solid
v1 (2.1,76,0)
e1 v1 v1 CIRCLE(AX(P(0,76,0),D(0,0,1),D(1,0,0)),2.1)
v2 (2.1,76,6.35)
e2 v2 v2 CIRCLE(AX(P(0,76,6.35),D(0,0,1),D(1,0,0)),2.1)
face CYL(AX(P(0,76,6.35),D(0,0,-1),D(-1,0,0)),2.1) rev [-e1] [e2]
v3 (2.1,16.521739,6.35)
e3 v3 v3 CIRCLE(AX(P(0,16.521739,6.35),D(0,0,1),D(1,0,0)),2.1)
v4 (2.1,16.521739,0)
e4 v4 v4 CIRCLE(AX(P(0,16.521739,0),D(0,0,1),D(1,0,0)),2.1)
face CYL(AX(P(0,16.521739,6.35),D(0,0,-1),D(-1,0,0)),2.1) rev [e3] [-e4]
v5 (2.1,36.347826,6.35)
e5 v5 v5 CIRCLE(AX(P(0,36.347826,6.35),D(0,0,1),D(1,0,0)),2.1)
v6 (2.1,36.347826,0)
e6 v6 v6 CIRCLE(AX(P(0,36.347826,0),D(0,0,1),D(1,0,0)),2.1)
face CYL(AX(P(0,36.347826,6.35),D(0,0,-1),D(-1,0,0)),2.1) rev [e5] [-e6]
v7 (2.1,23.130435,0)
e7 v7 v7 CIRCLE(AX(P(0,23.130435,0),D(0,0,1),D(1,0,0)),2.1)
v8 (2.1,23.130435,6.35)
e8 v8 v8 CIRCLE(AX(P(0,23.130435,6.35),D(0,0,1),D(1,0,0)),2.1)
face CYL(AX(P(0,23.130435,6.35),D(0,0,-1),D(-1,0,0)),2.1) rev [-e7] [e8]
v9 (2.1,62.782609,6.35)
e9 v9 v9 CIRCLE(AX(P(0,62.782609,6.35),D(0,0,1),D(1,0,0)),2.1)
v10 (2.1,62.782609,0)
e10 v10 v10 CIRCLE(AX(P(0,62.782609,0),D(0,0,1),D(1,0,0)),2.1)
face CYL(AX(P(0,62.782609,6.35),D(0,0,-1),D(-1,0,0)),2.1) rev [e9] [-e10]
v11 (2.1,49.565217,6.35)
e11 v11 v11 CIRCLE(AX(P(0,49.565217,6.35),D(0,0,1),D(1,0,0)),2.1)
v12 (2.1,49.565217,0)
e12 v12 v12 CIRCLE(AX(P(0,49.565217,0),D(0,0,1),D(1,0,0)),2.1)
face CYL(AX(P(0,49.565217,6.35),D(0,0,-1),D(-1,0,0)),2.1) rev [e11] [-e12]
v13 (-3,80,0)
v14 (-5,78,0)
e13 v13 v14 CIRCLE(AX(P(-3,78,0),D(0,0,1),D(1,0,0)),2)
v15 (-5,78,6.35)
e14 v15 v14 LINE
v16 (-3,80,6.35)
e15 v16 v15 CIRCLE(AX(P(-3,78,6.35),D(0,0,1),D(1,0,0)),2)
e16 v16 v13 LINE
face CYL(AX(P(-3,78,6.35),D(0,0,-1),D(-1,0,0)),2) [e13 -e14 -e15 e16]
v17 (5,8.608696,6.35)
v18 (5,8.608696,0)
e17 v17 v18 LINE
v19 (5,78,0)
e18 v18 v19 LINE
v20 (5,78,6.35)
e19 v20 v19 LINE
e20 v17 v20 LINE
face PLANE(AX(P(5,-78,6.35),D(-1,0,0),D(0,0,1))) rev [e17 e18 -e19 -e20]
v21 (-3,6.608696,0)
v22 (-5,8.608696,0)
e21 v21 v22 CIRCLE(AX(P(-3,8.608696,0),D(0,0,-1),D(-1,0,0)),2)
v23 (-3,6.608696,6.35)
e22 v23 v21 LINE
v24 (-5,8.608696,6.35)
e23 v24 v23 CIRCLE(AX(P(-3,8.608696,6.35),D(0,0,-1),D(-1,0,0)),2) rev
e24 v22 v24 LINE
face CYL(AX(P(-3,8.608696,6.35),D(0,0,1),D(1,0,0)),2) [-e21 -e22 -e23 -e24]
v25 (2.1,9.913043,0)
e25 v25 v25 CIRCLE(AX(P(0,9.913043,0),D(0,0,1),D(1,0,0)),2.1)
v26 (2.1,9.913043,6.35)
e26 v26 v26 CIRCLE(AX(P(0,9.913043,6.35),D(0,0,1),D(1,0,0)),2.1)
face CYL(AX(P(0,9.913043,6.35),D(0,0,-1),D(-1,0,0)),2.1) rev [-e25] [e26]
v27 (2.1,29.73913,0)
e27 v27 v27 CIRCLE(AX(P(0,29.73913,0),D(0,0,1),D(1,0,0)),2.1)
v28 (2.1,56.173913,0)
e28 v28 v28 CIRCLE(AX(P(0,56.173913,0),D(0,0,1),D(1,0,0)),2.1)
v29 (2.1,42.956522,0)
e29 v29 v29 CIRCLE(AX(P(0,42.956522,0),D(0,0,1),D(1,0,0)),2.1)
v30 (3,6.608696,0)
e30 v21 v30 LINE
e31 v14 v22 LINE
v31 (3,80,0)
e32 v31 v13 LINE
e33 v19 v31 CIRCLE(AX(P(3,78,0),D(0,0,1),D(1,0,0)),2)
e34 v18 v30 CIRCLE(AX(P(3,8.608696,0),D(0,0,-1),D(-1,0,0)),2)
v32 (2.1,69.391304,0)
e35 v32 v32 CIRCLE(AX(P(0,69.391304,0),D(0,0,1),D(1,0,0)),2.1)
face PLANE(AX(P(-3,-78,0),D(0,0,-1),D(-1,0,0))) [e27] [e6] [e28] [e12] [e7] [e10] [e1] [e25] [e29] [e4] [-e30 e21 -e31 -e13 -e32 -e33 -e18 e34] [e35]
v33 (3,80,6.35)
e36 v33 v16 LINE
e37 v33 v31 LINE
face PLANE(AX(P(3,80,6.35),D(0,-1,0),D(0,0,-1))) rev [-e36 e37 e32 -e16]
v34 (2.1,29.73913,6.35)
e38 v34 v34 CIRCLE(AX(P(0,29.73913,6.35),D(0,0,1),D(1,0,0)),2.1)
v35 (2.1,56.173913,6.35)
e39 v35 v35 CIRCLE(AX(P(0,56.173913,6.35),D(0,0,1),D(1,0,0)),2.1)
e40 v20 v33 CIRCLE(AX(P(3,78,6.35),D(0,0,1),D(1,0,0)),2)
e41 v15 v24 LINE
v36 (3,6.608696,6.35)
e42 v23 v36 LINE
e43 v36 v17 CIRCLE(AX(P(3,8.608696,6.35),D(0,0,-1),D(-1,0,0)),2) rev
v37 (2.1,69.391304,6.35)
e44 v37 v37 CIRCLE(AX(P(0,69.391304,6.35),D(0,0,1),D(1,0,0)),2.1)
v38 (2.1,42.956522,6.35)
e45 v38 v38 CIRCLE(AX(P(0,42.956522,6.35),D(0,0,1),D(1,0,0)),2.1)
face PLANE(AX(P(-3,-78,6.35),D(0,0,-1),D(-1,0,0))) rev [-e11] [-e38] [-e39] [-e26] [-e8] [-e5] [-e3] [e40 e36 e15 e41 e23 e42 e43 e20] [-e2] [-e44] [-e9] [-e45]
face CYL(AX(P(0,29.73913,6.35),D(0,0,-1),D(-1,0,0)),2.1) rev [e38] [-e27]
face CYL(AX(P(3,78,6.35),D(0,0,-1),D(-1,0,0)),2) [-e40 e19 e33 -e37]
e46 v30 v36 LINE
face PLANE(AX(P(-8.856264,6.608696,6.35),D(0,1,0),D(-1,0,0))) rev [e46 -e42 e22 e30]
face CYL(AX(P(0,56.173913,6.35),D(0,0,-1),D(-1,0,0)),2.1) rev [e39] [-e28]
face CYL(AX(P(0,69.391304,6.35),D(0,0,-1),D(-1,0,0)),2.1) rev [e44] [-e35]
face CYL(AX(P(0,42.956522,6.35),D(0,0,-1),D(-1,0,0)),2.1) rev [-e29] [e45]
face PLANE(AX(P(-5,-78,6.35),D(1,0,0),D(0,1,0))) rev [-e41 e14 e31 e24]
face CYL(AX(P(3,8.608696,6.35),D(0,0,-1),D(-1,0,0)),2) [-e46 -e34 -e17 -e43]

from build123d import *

# Parameters (mm, degrees)
SKETCH1_R           = 2.1
BOSS_EXTRUDE1_DEPTH = 6.35
SKETCH2_W           = 18.204542204
SKETCH2_H           = 91.842735445
CUT_EXTRUDE1_DEPTH  = 81.407229153
FILLET2_R           = 2


with BuildPart() as part:
    # Sketch1 → Boss-Extrude1 (new body)
    with BuildSketch(Plane.XY):
        with BuildLine():
            Line((3, -80), (-3, -80))
            ThreePointArc((-3, -80), (-4.414213562, -79.414213562), (-5, -78))
            Line((-5, -78), (-5, 78))
            ThreePointArc((-5, 78), (-4.414213562, 79.414213562), (-3, 80))
            Line((-3, 80), (3, 80))
            ThreePointArc((3, 80), (4.414213562, 79.414213562), (5, 78))
            Line((5, 78), (5, -78))
            ThreePointArc((5, -78), (4.414213562, -79.414213562), (3, -80))
        make_face()
        with Locations((0, 76)):
            Circle(SKETCH1_R, mode=Mode.SUBTRACT)
        with Locations((0, 69.391304348)):
            Circle(SKETCH1_R, mode=Mode.SUBTRACT)
        with Locations((0, 62.782608696)):
            Circle(SKETCH1_R, mode=Mode.SUBTRACT)
        with Locations((0, 56.173913043)):
            Circle(SKETCH1_R, mode=Mode.SUBTRACT)
        with Locations((0, 49.565217391)):
            Circle(SKETCH1_R, mode=Mode.SUBTRACT)
        with Locations((0, 42.956521739)):
            Circle(SKETCH1_R, mode=Mode.SUBTRACT)
        with Locations((0, 36.347826087)):
            Circle(SKETCH1_R, mode=Mode.SUBTRACT)
        with Locations((0, 29.739130435)):
            Circle(SKETCH1_R, mode=Mode.SUBTRACT)
        with Locations((0, 23.130434783)):
            Circle(SKETCH1_R, mode=Mode.SUBTRACT)
        with Locations((0, 16.52173913)):
            Circle(SKETCH1_R, mode=Mode.SUBTRACT)
        with Locations((0, 9.913043478)):
            Circle(SKETCH1_R, mode=Mode.SUBTRACT)
        with Locations((0, 3.304347826)):
            Circle(SKETCH1_R, mode=Mode.SUBTRACT)
        with Locations((0, -3.304347826)):
            Circle(SKETCH1_R, mode=Mode.SUBTRACT)
        with Locations((0, -9.913043478)):
            Circle(SKETCH1_R, mode=Mode.SUBTRACT)
        with Locations((0, -16.52173913)):
            Circle(SKETCH1_R, mode=Mode.SUBTRACT)
        with Locations((0, -23.130434783)):
            Circle(SKETCH1_R, mode=Mode.SUBTRACT)
        with Locations((0, -29.739130435)):
            Circle(SKETCH1_R, mode=Mode.SUBTRACT)
        with Locations((0, -36.347826087)):
            Circle(SKETCH1_R, mode=Mode.SUBTRACT)
        with Locations((0, -42.956521739)):
            Circle(SKETCH1_R, mode=Mode.SUBTRACT)
        with Locations((0, -49.565217391)):
            Circle(SKETCH1_R, mode=Mode.SUBTRACT)
        with Locations((0, -56.173913043)):
            Circle(SKETCH1_R, mode=Mode.SUBTRACT)
        with Locations((0, -62.782608696)):
            Circle(SKETCH1_R, mode=Mode.SUBTRACT)
        with Locations((0, -69.391304348)):
            Circle(SKETCH1_R, mode=Mode.SUBTRACT)
        with Locations((0, -76)):
            Circle(SKETCH1_R, mode=Mode.SUBTRACT)
    extrude(amount=BOSS_EXTRUDE1_DEPTH)

    # Sketch2 → Cut-Extrude1 (cut, through all)
    with BuildSketch(Plane(origin=(0, 0, 0), x_dir=(-1, 0, 0), z_dir=(0, 0, -1))):
        with Locations((-0.246007327, -39.312672071)):
            Rectangle(SKETCH2_W, SKETCH2_H)
    extrude(amount=-CUT_EXTRUDE1_DEPTH, mode=Mode.SUBTRACT)

    # Fillet2
    fillet2_edges = [part.edges().sort_by_distance(p)[0] for p in [
        (-5, 6.608695652, 3.175),
        (5, 6.608695652, 3.175),
    ]]
    fillet(fillet2_edges, radius=FILLET2_R)


solid = part.part
